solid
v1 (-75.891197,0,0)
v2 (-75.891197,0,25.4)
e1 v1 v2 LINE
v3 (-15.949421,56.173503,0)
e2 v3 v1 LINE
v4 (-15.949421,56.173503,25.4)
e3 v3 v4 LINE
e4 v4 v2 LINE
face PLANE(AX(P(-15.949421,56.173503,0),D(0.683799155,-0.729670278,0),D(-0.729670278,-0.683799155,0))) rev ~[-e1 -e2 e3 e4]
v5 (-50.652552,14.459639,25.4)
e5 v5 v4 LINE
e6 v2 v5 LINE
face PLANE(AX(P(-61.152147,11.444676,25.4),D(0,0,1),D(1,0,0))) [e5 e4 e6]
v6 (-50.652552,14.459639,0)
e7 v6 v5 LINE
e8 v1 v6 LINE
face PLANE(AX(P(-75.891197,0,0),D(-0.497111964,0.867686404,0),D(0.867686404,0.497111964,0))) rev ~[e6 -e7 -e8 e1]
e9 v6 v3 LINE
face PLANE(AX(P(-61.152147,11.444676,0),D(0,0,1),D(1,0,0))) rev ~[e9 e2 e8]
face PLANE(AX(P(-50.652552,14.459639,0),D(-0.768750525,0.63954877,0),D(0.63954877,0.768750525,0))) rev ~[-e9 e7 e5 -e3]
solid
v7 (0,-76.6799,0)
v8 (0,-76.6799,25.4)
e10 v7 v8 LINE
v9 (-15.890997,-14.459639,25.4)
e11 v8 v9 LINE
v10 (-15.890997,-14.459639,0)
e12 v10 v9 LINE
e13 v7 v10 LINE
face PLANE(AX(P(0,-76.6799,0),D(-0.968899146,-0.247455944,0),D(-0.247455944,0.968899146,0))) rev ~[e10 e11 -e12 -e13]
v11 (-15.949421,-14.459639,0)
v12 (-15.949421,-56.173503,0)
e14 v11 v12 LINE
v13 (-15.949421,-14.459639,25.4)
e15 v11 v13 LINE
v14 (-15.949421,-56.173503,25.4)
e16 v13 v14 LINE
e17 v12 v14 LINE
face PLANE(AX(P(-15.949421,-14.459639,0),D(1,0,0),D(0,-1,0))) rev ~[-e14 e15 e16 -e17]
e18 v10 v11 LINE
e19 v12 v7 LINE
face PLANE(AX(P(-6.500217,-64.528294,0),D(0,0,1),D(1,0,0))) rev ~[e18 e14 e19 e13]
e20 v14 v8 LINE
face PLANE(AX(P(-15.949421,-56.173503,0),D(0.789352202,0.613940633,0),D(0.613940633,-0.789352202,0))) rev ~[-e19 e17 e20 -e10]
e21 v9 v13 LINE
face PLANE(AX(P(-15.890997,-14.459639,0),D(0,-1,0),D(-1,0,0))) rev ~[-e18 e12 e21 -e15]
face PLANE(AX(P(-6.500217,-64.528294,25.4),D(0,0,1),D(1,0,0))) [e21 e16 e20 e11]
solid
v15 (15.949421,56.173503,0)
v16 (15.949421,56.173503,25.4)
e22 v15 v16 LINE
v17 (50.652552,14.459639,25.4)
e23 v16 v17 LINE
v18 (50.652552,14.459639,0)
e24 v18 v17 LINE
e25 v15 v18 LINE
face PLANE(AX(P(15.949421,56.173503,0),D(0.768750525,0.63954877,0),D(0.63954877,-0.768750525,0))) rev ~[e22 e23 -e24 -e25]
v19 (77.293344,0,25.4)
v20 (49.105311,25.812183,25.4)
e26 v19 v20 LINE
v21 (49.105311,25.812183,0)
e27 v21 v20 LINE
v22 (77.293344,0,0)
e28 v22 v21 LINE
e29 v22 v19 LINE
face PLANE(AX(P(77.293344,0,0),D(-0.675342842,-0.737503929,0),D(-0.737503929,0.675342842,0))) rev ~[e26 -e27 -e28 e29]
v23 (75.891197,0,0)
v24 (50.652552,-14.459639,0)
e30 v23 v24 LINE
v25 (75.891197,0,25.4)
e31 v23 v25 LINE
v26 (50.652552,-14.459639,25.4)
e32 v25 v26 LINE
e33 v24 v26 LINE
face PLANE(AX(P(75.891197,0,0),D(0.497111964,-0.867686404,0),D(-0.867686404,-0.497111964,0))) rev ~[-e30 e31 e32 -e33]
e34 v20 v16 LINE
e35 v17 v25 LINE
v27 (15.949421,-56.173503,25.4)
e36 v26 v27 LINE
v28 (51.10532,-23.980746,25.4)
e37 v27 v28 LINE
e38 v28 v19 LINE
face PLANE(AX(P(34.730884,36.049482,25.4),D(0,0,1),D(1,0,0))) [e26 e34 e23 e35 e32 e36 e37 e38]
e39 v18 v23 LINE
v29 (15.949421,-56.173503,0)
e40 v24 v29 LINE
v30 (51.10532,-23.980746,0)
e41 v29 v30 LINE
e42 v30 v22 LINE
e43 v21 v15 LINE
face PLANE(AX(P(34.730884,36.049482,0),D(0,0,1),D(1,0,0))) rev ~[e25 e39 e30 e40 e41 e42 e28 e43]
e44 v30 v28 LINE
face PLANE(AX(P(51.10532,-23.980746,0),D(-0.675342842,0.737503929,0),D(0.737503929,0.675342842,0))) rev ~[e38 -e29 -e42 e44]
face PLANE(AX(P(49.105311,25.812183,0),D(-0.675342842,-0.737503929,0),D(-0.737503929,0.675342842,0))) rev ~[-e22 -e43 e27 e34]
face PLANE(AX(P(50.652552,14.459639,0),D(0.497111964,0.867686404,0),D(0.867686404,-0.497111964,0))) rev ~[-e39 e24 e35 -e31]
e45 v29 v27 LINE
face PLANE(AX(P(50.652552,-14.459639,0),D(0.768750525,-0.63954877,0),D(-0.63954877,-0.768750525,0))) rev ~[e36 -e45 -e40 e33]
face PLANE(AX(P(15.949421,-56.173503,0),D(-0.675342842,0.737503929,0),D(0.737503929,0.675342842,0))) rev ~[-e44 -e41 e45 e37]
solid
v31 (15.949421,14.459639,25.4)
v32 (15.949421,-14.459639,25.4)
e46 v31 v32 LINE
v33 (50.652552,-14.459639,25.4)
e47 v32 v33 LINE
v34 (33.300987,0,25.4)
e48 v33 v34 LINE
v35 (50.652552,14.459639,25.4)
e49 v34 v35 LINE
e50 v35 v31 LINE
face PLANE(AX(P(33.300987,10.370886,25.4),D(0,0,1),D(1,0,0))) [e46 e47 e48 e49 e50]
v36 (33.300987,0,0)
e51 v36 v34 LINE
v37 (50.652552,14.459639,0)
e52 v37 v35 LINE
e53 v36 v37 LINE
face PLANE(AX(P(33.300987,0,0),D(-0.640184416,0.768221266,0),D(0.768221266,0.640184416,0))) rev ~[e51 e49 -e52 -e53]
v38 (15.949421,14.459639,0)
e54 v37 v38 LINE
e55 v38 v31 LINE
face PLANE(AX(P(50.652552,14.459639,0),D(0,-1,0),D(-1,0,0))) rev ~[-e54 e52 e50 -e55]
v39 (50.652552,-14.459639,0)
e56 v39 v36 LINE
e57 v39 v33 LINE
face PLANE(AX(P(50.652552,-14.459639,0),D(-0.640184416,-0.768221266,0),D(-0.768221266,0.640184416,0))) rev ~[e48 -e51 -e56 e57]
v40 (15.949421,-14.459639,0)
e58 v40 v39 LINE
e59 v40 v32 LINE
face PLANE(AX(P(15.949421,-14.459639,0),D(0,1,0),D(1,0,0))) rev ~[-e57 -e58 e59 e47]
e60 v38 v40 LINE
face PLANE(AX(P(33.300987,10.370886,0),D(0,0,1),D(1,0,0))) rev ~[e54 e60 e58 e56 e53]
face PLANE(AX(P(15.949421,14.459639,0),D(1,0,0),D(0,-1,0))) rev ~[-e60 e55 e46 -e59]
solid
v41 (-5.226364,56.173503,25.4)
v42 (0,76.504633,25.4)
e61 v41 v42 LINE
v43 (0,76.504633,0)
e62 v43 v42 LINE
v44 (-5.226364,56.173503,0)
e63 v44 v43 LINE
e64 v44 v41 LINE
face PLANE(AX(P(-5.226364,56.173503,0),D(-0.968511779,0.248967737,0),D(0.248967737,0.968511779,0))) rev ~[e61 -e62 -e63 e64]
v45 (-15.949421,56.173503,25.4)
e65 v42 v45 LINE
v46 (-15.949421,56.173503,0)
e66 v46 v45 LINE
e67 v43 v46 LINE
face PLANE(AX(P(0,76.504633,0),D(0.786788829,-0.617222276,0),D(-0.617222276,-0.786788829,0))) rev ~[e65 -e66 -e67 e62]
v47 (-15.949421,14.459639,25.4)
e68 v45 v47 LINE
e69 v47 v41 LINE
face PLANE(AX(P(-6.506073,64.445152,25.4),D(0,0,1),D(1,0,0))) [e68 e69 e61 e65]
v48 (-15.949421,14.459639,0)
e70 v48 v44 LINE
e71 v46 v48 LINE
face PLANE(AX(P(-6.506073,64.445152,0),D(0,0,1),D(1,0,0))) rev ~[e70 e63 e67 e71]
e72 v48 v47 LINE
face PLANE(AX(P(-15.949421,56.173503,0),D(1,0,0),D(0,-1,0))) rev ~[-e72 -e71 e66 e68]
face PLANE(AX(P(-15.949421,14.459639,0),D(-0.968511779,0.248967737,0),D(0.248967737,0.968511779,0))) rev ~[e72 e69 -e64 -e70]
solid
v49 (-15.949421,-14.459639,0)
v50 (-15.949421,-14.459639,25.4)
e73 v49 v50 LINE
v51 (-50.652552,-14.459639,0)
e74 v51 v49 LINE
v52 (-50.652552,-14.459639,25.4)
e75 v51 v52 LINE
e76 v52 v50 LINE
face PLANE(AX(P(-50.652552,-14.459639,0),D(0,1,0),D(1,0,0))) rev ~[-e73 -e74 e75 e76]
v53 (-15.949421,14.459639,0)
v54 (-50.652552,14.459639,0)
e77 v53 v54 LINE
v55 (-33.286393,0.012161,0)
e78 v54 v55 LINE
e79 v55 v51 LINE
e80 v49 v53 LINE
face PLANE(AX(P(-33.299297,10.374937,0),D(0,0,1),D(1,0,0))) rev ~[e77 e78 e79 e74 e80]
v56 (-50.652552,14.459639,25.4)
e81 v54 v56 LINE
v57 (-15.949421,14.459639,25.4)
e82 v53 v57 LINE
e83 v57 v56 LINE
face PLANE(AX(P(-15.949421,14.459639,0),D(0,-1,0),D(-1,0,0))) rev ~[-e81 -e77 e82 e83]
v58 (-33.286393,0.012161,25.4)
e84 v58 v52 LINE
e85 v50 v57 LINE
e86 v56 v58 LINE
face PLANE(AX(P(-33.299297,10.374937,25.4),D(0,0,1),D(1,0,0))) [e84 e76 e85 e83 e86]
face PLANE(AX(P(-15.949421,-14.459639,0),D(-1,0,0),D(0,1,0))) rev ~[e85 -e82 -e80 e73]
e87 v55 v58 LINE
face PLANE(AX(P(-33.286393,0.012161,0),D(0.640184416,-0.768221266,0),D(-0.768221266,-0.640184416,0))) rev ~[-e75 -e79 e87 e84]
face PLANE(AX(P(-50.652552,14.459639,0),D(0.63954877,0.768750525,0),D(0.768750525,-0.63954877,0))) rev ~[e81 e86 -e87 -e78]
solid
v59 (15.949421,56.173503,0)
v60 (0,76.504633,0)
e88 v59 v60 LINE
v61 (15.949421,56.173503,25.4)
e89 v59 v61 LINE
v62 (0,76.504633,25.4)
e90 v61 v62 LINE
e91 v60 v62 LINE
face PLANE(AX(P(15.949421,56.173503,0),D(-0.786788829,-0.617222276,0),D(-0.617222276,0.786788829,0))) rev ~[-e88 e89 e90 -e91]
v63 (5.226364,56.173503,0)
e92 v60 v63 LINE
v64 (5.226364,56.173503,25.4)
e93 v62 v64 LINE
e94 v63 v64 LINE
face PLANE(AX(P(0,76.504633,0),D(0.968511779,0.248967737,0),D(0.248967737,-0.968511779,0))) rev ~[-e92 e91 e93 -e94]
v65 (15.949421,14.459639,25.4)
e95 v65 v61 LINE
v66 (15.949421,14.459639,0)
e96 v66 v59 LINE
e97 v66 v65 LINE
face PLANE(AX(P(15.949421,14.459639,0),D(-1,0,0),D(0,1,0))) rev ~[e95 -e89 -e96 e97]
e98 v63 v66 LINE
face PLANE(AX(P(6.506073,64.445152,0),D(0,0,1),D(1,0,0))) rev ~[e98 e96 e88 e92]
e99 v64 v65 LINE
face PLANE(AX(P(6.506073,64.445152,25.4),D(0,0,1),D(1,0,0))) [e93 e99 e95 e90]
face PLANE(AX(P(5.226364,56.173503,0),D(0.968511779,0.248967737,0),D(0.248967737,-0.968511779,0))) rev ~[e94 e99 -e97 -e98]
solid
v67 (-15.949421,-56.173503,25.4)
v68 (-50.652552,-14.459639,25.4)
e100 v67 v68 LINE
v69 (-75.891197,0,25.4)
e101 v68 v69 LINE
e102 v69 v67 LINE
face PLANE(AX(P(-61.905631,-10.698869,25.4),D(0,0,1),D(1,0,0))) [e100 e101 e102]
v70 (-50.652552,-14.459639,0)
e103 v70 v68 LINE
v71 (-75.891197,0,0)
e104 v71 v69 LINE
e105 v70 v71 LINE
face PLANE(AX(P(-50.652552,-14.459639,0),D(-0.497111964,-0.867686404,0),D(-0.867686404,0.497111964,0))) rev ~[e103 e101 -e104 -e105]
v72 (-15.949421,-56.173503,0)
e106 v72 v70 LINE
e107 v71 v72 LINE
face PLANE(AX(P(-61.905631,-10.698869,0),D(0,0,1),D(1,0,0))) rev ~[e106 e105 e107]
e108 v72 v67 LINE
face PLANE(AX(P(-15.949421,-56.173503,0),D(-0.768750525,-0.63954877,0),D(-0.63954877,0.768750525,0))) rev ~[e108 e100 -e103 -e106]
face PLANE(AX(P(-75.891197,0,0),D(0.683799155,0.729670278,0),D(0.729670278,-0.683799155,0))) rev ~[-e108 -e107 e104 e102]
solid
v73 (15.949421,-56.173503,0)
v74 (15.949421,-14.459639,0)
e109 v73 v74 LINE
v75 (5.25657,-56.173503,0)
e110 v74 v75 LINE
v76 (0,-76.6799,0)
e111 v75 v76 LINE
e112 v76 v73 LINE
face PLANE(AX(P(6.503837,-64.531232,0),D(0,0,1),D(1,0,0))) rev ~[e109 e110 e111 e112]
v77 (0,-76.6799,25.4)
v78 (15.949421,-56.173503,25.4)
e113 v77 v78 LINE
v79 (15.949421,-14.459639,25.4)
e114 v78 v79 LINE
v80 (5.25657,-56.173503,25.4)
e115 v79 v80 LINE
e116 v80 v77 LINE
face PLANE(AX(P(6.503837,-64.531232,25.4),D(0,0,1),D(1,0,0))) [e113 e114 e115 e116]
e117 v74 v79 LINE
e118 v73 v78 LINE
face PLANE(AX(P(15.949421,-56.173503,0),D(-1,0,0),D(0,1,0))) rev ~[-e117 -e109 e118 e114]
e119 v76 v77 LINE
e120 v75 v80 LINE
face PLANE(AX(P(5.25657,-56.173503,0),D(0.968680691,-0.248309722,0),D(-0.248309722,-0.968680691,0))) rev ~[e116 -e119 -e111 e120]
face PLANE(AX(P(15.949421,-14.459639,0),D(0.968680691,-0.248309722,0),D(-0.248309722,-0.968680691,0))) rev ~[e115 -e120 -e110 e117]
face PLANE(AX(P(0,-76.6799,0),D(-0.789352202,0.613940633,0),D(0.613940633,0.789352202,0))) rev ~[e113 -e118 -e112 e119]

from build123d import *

# Parameters (mm, degrees)
F1_DEPTH = 25.4


with BuildPart() as f1:
    # F0 (on Top) → F1 (new body)
    with BuildSketch(Plane.XY):
        Polygon((5.2263641986, 56.1735033989), (15.9494206309, 56.1735033989), (0, 76.5046328306), align=None)
        Polygon((5.2263641986, 56.1735033989), (15.9494206309, 14.4596388564), (15.9494206309, 56.1735033989), align=None)
    extrude(amount=F1_DEPTH)


with BuildPart() as f1b:
    # F0 (on Top) → F1, piece 2 (new body)
    with BuildSketch(Plane.XY):
        Polygon((-5.2263641986, 56.1735033989), (0, 76.5046328306), (-15.9494206309, 56.1735033989), align=None)
        Polygon((-15.9494206309, 56.1735033989), (-15.9494206309, 14.4596388564), (-5.2263641986, 56.1735033989), align=None)
    extrude(amount=F1_DEPTH)


with BuildPart() as f1c:
    # F0 (on Top) → F1, piece 3 (new body)
    with BuildSketch(Plane.XY):
        Polygon((0, -76.6799002886), (15.9494206309, -56.1735033989), (5.256569839, -56.1735033989), align=None)
        Polygon((15.9494206309, -56.1735033989), (15.9494206309, -14.4596388564), (5.256569839, -56.1735033989), align=None)
    extrude(amount=F1_DEPTH)


with BuildPart() as f1d:
    # F0 (on Top) → F1, piece 4 (new body)
    with BuildSketch(Plane.XY):
        Polygon((-15.9494206309, -56.1735033989), (0, -76.6799002886), (-5.2373147649, -56.1735033989), align=None)
        Polygon((-5.2373147649, -56.1735033989), (-15.890997118, -14.4596388564), (-15.9494206309, -14.4596388564), (-15.9494206309, -56.1735033989), align=None)
    extrude(amount=F1_DEPTH)


with BuildPart() as f1e:
    # F0 (on Top) → F1, piece 5 (new body)
    with BuildSketch(Plane.XY):
        with BuildLine():
            Line((-75.8911967278, 0), (-50.6525523961, 14.4596388564))
            ThreePointArc((-50.6525523961, 14.4596388564), (-50.327204748, 19.7034883297), (-49.3561521884, 24.8669043809))
            Line((-49.3561521884, 24.8669043809), (-75.8911967278, 0))
        make_face()
        with BuildLine():
            ThreePointArc((-49.3561521884, 24.8669043809), (-50.327204748, 19.7034883297), (-50.6525523961, 14.4596388564))
            Line((-50.6525523961, 14.4596388564), (-15.9494206309, 56.1735033989))
            Line((-15.9494206309, 56.1735033989), (-49.3561521884, 24.8669043809))
        make_face()
    extrude(amount=F1_DEPTH)


with BuildPart() as f1f:
    # F0 (on Top) → F1, piece 6 (new body)
    with BuildSketch(Plane.XY):
        with BuildLine():
            ThreePointArc((-51.1674289623, -23.1694945169), (-51.1801863692, -18.7985942716), (-50.6525523961, -14.4596388564))
            Line((-50.6525523961, -14.4596388564), (-75.8911967278, 0))
            Line((-75.8911967278, 0), (-51.1674289623, -23.1694945169))
        make_face()
        with BuildLine():
            Line((-51.1674289623, -23.1694945169), (-15.9494206309, -56.1735033989))
            Line((-15.9494206309, -56.1735033989), (-50.6525523961, -14.4596388564))
            ThreePointArc((-50.6525523961, -14.4596388564), (-51.1801863692, -18.7985942716), (-51.1674289623, -23.1694945169))
        make_face()
    extrude(amount=F1_DEPTH)


with BuildPart() as f1g:
    # F0 (on Top) → F1, piece 7 (new body)
    with BuildSketch(Plane.XY):
        with BuildLine():
            Line((15.9494206309, 56.1735033989), (50.6525523961, 14.4596388564))
            ThreePointArc((50.6525523961, 14.4596388564), (50.2639622803, 20.1883867551), (49.1053109848, 25.8121827987))
            Line((49.1053109848, 25.8121827987), (15.9494206309, 56.1735033989))
        make_face()
        with BuildLine():
            ThreePointArc((51.1053201889, -23.9807459107), (51.2018522384, -19.2048364024), (50.6525523961, -14.4596388564))
            Line((50.6525523961, -14.4596388564), (15.9494206309, -56.1735033989))
            Line((15.9494206309, -56.1735033989), (51.1053201889, -23.9807459107))
        make_face()
        with BuildLine():
            Line((75.8911967278, 0), (50.6525523961, -14.4596388564))
            ThreePointArc((50.6525523961, -14.4596388564), (51.2018522384, -19.2048364024), (51.1053201889, -23.9807459107))
            Line((51.1053201889, -23.9807459107), (77.293343842, 0))
            Line((77.293343842, 0), (49.1053109848, 25.8121827987))
            ThreePointArc((49.1053109848, 25.8121827987), (50.2639622803, 20.1883867551), (50.6525523961, 14.4596388564))
            Line((50.6525523961, 14.4596388564), (75.8911967278, 0))
        make_face()
    extrude(amount=F1_DEPTH)


with BuildPart() as f1h:
    # F0 (on Top) → F1, piece 8 (new body)
    with BuildSketch(Plane.XY):
        Polygon((33.3009865135, 0), (50.6525523961, 14.4596388564), (15.9494206309, 14.4596388564), align=None)
        Polygon((15.9494206309, -14.4596388564), (50.6525523961, -14.4596388564), (33.3009865135, 0), align=None)
        Polygon((15.9494206309, 14.4596388564), (15.9494206309, -14.4596388564), (33.3009865135, 0), align=None)
    extrude(amount=F1_DEPTH)


with BuildPart() as f1i:
    # F0 (on Top) → F1, piece 9 (new body)
    with BuildSketch(Plane.XY):
        Polygon((-33.2863929196, 0.0121613288), (-15.9494206309, 14.4596388564), (-50.6525523961, 14.4596388564), align=None)
        Polygon((-50.6525523961, -14.4596388564), (-15.9494206309, -14.4596388564), (-15.9494206309, -14.4110344201), (-33.2863929196, 0.0121613288), align=None)
        Polygon((-33.2863929196, 0.0121613288), (-15.9494206309, -14.4110344201), (-15.9494206309, 14.4596388564), align=None)
    extrude(amount=F1_DEPTH)


solid = Compound([f1.part, f1b.part, f1c.part, f1d.part, f1e.part, f1f.part, f1g.part, f1h.part, f1i.part])
